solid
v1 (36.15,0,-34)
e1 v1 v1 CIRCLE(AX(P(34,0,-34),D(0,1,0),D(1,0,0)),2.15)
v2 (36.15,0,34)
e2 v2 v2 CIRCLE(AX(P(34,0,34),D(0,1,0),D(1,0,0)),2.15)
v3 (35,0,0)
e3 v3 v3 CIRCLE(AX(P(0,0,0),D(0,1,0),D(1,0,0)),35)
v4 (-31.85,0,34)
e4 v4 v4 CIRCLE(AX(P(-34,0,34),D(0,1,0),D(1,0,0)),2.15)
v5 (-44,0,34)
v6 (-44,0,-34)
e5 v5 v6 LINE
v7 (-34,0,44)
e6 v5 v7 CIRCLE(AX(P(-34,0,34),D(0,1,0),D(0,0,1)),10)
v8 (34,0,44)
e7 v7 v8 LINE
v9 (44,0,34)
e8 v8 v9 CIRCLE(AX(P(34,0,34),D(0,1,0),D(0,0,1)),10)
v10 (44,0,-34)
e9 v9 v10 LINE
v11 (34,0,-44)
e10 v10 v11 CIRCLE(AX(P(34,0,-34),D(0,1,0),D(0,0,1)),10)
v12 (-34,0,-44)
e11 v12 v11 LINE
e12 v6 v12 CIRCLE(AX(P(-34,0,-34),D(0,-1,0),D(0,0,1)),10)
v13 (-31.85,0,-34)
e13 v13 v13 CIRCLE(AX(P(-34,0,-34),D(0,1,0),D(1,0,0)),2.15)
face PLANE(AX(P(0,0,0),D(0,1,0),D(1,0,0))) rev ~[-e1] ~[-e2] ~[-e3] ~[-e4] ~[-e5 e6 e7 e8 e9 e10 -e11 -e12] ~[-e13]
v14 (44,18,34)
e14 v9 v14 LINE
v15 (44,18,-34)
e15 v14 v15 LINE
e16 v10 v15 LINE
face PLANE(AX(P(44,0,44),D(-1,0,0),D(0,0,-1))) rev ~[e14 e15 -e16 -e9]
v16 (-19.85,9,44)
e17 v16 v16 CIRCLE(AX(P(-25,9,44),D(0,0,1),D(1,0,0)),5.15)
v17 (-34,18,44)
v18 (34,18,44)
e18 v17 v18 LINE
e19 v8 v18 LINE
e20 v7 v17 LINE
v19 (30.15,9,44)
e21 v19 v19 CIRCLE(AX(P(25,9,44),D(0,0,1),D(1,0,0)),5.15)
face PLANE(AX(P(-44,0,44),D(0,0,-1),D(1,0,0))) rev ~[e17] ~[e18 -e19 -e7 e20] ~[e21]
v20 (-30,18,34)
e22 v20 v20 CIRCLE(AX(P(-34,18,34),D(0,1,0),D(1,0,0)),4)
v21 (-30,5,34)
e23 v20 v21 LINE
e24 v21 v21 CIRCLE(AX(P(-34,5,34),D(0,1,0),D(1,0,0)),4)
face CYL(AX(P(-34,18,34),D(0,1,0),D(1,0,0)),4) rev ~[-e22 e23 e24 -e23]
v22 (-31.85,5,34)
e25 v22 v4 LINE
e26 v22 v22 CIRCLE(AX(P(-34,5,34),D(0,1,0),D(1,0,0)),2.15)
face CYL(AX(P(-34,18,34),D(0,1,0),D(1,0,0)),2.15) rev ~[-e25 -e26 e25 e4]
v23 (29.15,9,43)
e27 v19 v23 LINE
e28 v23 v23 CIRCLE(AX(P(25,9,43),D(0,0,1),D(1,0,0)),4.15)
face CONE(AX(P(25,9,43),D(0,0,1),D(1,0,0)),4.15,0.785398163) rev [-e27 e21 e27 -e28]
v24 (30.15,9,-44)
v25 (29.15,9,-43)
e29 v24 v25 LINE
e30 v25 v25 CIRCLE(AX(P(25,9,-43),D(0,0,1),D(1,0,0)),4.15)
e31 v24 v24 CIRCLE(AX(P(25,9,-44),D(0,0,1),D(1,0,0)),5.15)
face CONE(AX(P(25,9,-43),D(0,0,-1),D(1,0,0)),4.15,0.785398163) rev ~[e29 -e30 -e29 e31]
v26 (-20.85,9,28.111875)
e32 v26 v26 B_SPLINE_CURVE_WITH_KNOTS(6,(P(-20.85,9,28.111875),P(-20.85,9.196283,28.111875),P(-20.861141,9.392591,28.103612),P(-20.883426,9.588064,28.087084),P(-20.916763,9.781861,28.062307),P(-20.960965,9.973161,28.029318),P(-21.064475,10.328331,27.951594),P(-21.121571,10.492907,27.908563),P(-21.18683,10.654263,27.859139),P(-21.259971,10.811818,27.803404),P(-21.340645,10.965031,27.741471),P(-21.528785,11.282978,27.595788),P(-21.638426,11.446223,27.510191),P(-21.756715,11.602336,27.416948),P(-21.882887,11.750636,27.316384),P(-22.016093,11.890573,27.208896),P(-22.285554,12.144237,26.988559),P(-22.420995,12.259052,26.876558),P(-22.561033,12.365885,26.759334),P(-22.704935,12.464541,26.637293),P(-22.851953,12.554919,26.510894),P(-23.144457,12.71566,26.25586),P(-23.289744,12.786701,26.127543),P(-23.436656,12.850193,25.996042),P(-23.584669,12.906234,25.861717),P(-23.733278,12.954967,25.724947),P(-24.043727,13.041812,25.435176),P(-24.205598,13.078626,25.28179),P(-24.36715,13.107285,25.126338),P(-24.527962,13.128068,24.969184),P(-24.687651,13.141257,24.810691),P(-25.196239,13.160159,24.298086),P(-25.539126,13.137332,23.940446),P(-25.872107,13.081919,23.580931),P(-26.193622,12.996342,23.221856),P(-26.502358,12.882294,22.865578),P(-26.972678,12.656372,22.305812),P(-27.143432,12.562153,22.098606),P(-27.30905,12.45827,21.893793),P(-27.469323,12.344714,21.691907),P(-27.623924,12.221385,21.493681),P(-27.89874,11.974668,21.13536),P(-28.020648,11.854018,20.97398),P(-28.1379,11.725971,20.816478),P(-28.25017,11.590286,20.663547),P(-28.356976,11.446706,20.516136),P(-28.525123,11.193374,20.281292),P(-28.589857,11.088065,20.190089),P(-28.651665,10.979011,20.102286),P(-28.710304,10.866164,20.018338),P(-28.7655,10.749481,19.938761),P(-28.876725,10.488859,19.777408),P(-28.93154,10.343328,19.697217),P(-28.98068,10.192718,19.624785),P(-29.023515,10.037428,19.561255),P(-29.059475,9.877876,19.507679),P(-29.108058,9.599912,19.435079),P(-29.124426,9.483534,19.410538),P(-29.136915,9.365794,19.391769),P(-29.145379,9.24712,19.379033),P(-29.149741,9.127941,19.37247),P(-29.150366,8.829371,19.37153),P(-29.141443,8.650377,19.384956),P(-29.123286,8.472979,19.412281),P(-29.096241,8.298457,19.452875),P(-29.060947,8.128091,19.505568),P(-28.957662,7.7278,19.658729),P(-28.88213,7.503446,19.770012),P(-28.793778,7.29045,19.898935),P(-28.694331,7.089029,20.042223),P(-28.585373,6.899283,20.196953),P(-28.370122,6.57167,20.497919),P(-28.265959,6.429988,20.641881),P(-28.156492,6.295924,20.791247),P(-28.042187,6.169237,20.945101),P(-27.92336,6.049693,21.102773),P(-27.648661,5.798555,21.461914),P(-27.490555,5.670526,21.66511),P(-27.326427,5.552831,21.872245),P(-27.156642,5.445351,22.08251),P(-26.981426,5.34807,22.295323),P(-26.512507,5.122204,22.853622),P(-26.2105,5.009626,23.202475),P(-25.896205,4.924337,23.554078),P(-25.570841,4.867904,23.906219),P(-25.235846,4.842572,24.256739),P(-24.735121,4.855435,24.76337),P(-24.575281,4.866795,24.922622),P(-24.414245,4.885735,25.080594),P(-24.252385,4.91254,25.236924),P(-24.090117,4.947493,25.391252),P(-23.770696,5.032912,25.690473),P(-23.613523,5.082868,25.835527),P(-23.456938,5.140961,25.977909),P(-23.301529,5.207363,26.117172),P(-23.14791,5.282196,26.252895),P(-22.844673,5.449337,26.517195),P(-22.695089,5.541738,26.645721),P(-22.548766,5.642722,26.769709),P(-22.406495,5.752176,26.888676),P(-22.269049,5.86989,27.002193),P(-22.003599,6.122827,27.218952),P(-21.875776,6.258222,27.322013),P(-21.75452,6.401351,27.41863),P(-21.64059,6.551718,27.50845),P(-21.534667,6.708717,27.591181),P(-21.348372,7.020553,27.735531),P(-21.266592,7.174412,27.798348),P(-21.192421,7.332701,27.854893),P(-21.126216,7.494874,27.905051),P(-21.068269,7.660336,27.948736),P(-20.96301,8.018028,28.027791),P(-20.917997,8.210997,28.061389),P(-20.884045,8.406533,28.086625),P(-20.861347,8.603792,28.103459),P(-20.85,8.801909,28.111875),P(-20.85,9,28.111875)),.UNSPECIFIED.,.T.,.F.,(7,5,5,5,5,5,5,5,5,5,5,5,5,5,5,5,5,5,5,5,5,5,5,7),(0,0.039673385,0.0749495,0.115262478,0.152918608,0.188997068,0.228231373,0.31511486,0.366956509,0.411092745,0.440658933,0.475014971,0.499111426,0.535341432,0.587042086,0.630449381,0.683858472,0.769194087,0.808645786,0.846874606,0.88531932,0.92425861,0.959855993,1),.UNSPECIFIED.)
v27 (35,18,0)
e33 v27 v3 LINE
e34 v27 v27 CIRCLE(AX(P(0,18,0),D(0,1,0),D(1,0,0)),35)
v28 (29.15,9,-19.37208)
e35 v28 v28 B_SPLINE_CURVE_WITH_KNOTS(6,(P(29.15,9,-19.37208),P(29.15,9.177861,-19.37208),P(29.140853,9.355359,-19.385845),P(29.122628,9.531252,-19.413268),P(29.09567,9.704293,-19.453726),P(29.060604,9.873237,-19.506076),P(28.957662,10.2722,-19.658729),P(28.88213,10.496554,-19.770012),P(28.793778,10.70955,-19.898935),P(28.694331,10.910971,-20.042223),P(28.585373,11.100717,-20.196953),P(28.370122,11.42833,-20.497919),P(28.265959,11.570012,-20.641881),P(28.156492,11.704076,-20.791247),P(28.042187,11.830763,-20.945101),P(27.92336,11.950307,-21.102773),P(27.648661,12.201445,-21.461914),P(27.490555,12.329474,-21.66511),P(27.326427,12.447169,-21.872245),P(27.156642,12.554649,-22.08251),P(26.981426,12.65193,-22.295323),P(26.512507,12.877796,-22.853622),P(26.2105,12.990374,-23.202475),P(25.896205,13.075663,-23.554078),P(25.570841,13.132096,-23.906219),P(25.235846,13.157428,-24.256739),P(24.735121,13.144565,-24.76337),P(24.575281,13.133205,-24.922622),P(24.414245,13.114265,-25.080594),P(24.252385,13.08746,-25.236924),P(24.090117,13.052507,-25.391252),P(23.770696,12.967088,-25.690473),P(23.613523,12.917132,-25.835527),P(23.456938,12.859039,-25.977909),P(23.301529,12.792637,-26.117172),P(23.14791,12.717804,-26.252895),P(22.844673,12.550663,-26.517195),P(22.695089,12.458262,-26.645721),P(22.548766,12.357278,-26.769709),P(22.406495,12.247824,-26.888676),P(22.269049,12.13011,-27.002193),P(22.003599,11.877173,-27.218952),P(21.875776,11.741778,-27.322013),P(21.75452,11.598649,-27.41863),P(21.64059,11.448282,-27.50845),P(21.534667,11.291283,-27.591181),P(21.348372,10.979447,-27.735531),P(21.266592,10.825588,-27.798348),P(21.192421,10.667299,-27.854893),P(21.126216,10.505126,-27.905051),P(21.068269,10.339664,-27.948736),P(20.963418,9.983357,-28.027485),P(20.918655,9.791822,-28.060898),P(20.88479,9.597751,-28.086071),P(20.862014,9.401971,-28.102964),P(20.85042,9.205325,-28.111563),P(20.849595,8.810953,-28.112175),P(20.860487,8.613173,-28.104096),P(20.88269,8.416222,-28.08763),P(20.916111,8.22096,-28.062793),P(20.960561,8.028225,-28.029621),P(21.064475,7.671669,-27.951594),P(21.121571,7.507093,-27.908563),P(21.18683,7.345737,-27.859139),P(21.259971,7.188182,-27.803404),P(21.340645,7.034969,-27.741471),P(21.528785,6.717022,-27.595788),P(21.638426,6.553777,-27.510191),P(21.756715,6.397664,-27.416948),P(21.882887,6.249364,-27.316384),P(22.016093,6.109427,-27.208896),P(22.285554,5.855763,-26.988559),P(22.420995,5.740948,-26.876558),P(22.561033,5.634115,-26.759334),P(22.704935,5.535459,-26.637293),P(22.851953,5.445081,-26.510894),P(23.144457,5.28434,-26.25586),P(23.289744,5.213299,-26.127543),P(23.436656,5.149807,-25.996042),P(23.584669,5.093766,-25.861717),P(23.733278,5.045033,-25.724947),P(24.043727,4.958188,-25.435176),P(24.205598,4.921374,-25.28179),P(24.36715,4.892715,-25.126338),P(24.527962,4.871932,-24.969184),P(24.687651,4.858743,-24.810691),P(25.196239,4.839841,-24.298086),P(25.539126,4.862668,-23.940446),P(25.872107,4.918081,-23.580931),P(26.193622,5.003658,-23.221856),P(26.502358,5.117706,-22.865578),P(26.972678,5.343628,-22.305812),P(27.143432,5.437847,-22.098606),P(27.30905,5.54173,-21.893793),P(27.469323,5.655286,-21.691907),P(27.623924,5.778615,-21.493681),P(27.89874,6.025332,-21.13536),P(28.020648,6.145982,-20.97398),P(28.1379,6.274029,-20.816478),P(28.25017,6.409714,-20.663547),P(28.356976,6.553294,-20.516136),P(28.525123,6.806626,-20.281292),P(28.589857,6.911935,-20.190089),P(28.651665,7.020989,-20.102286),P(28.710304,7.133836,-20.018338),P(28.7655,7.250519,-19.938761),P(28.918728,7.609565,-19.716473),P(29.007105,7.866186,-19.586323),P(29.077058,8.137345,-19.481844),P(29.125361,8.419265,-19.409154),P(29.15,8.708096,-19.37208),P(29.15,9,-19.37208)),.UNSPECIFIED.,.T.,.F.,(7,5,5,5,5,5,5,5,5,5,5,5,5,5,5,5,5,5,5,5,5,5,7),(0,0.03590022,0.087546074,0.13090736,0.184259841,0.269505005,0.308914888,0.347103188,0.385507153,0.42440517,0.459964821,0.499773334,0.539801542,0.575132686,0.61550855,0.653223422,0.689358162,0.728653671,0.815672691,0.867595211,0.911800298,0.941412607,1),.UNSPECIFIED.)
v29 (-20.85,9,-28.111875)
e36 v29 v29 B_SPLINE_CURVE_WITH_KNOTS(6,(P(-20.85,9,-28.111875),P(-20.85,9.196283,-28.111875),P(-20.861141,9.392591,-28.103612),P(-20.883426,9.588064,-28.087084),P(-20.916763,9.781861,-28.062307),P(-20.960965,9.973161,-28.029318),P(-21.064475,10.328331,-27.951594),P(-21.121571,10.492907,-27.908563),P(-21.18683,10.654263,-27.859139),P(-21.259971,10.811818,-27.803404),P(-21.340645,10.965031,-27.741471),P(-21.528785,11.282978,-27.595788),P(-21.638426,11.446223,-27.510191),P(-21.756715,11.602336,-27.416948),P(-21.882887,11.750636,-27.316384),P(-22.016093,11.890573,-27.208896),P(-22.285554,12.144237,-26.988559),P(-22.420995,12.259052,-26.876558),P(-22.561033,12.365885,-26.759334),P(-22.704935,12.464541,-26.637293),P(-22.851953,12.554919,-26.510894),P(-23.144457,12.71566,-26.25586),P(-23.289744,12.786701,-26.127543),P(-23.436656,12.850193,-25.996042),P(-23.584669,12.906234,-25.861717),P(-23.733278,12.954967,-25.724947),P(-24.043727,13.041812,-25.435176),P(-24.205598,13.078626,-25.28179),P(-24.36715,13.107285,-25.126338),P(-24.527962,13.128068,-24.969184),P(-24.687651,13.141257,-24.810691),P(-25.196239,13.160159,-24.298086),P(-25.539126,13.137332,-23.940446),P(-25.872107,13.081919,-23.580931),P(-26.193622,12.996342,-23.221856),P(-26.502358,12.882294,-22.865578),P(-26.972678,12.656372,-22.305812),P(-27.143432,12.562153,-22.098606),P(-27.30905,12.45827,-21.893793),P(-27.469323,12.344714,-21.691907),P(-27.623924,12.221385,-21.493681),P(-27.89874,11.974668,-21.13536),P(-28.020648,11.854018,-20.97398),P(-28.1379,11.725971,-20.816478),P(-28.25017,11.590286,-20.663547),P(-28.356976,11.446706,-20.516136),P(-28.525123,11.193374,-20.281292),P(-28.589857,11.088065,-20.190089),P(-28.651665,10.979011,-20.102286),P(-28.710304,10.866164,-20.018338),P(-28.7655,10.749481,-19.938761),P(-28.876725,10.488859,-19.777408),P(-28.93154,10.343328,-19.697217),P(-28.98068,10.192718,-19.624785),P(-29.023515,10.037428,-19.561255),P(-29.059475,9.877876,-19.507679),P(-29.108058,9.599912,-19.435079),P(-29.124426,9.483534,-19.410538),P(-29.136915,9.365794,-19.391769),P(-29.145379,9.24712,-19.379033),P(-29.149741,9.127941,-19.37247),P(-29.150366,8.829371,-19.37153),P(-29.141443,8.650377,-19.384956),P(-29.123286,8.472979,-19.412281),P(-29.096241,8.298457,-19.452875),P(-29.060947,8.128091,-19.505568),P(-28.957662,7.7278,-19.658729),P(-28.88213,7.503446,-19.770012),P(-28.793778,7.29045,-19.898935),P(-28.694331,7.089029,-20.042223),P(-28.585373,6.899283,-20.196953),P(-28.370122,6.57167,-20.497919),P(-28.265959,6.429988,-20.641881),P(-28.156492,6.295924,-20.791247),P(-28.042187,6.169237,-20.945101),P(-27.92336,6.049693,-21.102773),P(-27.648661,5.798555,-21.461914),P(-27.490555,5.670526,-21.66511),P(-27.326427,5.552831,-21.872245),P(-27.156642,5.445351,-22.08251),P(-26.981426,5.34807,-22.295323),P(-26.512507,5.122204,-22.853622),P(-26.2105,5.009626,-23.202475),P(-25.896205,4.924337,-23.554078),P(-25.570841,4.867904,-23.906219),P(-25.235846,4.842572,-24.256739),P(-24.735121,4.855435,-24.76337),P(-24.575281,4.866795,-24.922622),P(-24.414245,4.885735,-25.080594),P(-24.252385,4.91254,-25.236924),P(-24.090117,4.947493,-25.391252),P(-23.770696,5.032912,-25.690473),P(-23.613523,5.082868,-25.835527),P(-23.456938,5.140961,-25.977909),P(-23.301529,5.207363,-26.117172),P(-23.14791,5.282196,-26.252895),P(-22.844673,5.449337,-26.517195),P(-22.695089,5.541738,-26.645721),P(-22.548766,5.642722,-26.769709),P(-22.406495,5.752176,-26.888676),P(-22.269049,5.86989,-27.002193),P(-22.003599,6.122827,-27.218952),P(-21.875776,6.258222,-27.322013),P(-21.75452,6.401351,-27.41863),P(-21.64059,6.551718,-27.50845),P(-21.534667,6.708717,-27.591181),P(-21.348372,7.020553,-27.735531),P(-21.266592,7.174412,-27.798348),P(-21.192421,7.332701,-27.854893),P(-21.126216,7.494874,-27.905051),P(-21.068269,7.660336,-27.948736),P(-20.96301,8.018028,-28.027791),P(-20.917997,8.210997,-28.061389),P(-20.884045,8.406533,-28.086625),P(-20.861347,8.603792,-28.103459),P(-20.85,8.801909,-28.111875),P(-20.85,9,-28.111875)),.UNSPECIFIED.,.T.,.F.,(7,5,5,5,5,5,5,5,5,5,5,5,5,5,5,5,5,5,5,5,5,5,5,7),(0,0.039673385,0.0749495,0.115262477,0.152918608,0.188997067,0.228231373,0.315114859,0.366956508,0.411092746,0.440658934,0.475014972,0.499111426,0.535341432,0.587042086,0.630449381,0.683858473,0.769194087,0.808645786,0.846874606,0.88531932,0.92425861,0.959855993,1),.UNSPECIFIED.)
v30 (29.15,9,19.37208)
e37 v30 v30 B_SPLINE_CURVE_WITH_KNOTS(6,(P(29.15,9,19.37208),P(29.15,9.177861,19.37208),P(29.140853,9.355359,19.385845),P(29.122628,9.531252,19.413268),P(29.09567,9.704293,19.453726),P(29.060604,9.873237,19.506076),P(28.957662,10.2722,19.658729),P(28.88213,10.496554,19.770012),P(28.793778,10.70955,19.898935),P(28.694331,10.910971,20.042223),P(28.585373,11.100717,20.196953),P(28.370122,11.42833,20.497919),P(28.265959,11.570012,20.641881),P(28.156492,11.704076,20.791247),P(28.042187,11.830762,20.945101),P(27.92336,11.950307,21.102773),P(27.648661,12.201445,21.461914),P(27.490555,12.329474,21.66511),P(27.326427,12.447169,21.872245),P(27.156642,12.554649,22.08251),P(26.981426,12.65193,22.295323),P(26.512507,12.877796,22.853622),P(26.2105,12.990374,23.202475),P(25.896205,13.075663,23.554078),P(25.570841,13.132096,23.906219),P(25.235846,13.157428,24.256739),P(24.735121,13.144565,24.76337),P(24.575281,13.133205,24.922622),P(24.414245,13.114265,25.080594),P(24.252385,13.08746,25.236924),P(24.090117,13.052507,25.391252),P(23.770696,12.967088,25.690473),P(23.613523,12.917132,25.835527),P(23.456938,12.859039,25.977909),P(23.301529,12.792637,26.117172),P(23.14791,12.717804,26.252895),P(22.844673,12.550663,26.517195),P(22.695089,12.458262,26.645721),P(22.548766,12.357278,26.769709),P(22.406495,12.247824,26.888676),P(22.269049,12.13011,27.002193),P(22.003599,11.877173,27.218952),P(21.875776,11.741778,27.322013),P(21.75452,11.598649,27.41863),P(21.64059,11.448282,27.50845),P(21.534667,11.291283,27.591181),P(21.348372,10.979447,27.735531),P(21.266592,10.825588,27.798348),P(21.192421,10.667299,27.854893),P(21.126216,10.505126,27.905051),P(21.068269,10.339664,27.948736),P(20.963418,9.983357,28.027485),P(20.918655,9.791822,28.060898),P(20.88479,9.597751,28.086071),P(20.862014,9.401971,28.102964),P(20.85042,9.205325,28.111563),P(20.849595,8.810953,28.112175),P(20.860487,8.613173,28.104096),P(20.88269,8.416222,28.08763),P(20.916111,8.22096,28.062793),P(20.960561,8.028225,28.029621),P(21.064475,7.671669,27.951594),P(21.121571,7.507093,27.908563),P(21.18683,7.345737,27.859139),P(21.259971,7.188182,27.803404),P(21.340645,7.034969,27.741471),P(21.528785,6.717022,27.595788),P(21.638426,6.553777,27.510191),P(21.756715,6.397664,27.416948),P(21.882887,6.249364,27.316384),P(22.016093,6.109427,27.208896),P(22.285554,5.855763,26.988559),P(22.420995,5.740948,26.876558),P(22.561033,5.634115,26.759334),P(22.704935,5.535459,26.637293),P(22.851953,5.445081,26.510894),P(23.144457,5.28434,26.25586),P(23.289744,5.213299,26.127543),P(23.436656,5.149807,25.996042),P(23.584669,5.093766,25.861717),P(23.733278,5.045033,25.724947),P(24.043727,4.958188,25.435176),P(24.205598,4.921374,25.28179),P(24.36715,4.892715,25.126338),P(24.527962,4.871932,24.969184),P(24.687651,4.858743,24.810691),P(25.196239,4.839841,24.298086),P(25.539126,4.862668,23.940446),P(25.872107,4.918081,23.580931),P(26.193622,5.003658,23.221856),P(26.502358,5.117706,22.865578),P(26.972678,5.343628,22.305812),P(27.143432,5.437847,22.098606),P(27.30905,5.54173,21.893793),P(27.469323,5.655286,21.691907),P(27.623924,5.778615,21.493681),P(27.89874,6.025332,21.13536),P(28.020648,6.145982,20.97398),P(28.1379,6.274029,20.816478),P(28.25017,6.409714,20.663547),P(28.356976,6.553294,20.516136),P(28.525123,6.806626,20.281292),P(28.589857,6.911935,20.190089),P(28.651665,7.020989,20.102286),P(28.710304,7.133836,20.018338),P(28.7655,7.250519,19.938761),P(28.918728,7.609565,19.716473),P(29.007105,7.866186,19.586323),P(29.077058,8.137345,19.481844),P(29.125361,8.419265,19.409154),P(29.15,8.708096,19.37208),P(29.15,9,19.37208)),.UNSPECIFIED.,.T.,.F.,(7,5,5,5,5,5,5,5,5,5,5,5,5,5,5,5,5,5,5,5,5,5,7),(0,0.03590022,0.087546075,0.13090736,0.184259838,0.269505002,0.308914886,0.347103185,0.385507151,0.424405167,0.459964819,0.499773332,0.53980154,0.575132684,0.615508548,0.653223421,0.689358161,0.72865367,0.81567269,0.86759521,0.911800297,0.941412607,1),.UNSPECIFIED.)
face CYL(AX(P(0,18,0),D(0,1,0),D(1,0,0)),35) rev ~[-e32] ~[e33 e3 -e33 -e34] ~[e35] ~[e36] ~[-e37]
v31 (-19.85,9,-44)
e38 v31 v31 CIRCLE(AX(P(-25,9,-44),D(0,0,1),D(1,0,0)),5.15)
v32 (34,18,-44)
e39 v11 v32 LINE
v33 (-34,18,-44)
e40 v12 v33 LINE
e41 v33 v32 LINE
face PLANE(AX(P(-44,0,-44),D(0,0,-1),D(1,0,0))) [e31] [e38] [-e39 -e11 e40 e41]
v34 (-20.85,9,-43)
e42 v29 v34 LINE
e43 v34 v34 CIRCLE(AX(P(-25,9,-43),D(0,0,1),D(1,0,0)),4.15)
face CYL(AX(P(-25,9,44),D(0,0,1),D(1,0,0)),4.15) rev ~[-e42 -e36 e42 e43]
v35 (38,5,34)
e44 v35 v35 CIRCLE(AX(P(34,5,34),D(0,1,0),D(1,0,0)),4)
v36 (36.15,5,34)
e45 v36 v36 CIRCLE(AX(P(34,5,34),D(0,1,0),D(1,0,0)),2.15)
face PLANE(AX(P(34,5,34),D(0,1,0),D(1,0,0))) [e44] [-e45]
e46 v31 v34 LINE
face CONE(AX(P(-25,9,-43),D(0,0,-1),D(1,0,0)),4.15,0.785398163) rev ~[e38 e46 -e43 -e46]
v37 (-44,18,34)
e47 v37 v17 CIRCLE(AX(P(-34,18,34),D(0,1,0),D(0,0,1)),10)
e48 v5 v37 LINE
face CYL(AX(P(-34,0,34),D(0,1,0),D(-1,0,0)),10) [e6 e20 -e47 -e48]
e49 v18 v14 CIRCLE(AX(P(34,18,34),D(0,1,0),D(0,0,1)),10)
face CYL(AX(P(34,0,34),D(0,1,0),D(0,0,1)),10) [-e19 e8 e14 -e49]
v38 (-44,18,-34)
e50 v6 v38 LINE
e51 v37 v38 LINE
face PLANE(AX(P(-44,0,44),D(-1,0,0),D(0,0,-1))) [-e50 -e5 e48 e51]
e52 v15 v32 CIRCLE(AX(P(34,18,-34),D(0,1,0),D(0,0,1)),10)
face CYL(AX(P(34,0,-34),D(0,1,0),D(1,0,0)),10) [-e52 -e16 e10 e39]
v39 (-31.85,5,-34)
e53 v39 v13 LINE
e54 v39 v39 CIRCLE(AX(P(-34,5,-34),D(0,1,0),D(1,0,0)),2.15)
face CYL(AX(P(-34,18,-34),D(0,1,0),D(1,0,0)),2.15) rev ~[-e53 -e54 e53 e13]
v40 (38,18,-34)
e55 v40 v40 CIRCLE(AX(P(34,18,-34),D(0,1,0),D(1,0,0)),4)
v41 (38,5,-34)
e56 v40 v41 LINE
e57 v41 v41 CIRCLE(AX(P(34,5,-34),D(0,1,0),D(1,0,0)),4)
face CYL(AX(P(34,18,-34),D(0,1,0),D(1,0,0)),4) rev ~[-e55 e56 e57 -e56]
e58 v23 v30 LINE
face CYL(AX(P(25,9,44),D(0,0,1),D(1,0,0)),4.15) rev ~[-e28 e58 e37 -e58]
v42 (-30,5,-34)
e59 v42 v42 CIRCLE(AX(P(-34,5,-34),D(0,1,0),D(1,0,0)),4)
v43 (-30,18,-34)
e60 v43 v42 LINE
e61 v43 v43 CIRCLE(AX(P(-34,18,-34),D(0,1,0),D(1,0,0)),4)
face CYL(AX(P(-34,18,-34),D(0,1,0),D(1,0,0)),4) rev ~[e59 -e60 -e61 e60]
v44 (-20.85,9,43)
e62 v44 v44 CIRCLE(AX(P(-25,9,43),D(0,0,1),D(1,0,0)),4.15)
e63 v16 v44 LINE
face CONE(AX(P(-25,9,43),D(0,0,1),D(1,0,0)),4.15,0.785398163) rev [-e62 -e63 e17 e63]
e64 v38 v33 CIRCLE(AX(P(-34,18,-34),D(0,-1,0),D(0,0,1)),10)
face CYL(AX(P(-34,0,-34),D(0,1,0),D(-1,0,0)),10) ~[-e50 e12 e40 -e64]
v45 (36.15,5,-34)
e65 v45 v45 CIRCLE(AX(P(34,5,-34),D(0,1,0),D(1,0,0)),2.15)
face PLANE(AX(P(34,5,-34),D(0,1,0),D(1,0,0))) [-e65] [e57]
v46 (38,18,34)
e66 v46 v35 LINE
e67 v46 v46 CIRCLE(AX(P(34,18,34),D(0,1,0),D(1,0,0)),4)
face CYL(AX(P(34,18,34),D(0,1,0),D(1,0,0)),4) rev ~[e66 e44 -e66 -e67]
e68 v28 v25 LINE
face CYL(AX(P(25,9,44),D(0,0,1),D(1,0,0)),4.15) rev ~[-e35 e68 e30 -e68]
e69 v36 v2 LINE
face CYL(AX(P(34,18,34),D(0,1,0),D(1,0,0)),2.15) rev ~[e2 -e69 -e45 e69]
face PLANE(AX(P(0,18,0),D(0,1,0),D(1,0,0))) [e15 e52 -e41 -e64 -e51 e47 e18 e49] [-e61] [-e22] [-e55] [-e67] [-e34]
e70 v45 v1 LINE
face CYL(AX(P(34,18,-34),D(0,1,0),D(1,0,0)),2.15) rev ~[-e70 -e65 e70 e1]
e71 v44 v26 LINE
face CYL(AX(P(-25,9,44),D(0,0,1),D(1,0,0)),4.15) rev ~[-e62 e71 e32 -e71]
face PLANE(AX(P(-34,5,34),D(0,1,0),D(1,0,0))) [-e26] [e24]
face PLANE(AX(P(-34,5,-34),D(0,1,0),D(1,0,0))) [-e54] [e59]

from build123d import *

# Parameters (mm, degrees)
SKETCH1_W           = 88
SKETCH1_H           = 88
BOSS_EXTRUDE1_DEPTH = 18
FILLET1_R           = 10
SKETCH2_R           = 2.15
CUT_EXTRUDE1_DEPTH  = 19
SKETCH3_R           = 4.15
CUT_EXTRUDE2_DEPTH  = 89
SKETCH4_R           = 35
CUT_EXTRUDE3_DEPTH  = 19
CHAMFER1_SIZE       = 1
SKETCH5_R           = 4
CUT_EXTRUDE4_DEPTH  = 13


with BuildPart() as part:
    # Sketch1 → Boss-Extrude1 (new body)
    with BuildSketch(Plane(origin=(0, 0, 0), x_dir=(1, 0, 0), z_dir=(0, 1, 0))):
        Rectangle(SKETCH1_W, SKETCH1_H)
    extrude(amount=BOSS_EXTRUDE1_DEPTH)

    # Fillet1
    fillet1_edges = [part.edges().sort_by_distance(p)[0] for p in [
        (-44, 9, -44),
        (-44, 9, 44),
        (44, 9, 44),
        (44, 9, -44),
    ]]
    fillet(fillet1_edges, radius=FILLET1_R)

    # Sketch2 → Cut-Extrude1 (cut, through all)
    with BuildSketch(Plane(origin=(0, 18, 0), x_dir=(1, 0, 0), z_dir=(0, 1, 0))):
        with Locations((-34, 34)):
            Circle(SKETCH2_R)
        with Locations((34, 34)):
            Circle(SKETCH2_R)
        with Locations((34, -34)):
            Circle(SKETCH2_R)
        with Locations((-34, -34)):
            Circle(SKETCH2_R)
    extrude(amount=-CUT_EXTRUDE1_DEPTH, mode=Mode.SUBTRACT)

    # Sketch3 → Cut-Extrude2 (cut, through all)
    with BuildSketch(Plane.XY.offset(44)):
        with Locations((-25, 9)):
            Circle(SKETCH3_R)
        with Locations((25, 9)):
            Circle(SKETCH3_R)
    extrude(amount=-CUT_EXTRUDE2_DEPTH, mode=Mode.SUBTRACT)

    # Sketch4 → Cut-Extrude3 (cut, through all)
    with BuildSketch(Plane(origin=(0, 18, 0), x_dir=(1, 0, 0), z_dir=(0, 1, 0))):
        Circle(SKETCH4_R)
    extrude(amount=-CUT_EXTRUDE3_DEPTH, mode=Mode.SUBTRACT)

    # Chamfer1
    chamfer1_edges = [part.edges().sort_by_distance(p)[0] for p in [
        (-29.15, 9, -44),
        (-29.15, 9, 44),
        (20.85, 9, -44),
        (20.85, 9, 44),
    ]]
    chamfer(chamfer1_edges, length=CHAMFER1_SIZE)

    # Sketch5 → Cut-Extrude4 (cut)
    with BuildSketch(Plane(origin=(0, 18, 0), x_dir=(1, 0, 0), z_dir=(0, 1, 0))):
        with Locations((-34, 34)):
            Circle(SKETCH5_R)
        with Locations((34, 34)):
            Circle(SKETCH5_R)
        with Locations((34, -34)):
            Circle(SKETCH5_R)
        with Locations((-34, -34)):
            Circle(SKETCH5_R)
    extrude(amount=-CUT_EXTRUDE4_DEPTH, mode=Mode.SUBTRACT)


solid = part.part
